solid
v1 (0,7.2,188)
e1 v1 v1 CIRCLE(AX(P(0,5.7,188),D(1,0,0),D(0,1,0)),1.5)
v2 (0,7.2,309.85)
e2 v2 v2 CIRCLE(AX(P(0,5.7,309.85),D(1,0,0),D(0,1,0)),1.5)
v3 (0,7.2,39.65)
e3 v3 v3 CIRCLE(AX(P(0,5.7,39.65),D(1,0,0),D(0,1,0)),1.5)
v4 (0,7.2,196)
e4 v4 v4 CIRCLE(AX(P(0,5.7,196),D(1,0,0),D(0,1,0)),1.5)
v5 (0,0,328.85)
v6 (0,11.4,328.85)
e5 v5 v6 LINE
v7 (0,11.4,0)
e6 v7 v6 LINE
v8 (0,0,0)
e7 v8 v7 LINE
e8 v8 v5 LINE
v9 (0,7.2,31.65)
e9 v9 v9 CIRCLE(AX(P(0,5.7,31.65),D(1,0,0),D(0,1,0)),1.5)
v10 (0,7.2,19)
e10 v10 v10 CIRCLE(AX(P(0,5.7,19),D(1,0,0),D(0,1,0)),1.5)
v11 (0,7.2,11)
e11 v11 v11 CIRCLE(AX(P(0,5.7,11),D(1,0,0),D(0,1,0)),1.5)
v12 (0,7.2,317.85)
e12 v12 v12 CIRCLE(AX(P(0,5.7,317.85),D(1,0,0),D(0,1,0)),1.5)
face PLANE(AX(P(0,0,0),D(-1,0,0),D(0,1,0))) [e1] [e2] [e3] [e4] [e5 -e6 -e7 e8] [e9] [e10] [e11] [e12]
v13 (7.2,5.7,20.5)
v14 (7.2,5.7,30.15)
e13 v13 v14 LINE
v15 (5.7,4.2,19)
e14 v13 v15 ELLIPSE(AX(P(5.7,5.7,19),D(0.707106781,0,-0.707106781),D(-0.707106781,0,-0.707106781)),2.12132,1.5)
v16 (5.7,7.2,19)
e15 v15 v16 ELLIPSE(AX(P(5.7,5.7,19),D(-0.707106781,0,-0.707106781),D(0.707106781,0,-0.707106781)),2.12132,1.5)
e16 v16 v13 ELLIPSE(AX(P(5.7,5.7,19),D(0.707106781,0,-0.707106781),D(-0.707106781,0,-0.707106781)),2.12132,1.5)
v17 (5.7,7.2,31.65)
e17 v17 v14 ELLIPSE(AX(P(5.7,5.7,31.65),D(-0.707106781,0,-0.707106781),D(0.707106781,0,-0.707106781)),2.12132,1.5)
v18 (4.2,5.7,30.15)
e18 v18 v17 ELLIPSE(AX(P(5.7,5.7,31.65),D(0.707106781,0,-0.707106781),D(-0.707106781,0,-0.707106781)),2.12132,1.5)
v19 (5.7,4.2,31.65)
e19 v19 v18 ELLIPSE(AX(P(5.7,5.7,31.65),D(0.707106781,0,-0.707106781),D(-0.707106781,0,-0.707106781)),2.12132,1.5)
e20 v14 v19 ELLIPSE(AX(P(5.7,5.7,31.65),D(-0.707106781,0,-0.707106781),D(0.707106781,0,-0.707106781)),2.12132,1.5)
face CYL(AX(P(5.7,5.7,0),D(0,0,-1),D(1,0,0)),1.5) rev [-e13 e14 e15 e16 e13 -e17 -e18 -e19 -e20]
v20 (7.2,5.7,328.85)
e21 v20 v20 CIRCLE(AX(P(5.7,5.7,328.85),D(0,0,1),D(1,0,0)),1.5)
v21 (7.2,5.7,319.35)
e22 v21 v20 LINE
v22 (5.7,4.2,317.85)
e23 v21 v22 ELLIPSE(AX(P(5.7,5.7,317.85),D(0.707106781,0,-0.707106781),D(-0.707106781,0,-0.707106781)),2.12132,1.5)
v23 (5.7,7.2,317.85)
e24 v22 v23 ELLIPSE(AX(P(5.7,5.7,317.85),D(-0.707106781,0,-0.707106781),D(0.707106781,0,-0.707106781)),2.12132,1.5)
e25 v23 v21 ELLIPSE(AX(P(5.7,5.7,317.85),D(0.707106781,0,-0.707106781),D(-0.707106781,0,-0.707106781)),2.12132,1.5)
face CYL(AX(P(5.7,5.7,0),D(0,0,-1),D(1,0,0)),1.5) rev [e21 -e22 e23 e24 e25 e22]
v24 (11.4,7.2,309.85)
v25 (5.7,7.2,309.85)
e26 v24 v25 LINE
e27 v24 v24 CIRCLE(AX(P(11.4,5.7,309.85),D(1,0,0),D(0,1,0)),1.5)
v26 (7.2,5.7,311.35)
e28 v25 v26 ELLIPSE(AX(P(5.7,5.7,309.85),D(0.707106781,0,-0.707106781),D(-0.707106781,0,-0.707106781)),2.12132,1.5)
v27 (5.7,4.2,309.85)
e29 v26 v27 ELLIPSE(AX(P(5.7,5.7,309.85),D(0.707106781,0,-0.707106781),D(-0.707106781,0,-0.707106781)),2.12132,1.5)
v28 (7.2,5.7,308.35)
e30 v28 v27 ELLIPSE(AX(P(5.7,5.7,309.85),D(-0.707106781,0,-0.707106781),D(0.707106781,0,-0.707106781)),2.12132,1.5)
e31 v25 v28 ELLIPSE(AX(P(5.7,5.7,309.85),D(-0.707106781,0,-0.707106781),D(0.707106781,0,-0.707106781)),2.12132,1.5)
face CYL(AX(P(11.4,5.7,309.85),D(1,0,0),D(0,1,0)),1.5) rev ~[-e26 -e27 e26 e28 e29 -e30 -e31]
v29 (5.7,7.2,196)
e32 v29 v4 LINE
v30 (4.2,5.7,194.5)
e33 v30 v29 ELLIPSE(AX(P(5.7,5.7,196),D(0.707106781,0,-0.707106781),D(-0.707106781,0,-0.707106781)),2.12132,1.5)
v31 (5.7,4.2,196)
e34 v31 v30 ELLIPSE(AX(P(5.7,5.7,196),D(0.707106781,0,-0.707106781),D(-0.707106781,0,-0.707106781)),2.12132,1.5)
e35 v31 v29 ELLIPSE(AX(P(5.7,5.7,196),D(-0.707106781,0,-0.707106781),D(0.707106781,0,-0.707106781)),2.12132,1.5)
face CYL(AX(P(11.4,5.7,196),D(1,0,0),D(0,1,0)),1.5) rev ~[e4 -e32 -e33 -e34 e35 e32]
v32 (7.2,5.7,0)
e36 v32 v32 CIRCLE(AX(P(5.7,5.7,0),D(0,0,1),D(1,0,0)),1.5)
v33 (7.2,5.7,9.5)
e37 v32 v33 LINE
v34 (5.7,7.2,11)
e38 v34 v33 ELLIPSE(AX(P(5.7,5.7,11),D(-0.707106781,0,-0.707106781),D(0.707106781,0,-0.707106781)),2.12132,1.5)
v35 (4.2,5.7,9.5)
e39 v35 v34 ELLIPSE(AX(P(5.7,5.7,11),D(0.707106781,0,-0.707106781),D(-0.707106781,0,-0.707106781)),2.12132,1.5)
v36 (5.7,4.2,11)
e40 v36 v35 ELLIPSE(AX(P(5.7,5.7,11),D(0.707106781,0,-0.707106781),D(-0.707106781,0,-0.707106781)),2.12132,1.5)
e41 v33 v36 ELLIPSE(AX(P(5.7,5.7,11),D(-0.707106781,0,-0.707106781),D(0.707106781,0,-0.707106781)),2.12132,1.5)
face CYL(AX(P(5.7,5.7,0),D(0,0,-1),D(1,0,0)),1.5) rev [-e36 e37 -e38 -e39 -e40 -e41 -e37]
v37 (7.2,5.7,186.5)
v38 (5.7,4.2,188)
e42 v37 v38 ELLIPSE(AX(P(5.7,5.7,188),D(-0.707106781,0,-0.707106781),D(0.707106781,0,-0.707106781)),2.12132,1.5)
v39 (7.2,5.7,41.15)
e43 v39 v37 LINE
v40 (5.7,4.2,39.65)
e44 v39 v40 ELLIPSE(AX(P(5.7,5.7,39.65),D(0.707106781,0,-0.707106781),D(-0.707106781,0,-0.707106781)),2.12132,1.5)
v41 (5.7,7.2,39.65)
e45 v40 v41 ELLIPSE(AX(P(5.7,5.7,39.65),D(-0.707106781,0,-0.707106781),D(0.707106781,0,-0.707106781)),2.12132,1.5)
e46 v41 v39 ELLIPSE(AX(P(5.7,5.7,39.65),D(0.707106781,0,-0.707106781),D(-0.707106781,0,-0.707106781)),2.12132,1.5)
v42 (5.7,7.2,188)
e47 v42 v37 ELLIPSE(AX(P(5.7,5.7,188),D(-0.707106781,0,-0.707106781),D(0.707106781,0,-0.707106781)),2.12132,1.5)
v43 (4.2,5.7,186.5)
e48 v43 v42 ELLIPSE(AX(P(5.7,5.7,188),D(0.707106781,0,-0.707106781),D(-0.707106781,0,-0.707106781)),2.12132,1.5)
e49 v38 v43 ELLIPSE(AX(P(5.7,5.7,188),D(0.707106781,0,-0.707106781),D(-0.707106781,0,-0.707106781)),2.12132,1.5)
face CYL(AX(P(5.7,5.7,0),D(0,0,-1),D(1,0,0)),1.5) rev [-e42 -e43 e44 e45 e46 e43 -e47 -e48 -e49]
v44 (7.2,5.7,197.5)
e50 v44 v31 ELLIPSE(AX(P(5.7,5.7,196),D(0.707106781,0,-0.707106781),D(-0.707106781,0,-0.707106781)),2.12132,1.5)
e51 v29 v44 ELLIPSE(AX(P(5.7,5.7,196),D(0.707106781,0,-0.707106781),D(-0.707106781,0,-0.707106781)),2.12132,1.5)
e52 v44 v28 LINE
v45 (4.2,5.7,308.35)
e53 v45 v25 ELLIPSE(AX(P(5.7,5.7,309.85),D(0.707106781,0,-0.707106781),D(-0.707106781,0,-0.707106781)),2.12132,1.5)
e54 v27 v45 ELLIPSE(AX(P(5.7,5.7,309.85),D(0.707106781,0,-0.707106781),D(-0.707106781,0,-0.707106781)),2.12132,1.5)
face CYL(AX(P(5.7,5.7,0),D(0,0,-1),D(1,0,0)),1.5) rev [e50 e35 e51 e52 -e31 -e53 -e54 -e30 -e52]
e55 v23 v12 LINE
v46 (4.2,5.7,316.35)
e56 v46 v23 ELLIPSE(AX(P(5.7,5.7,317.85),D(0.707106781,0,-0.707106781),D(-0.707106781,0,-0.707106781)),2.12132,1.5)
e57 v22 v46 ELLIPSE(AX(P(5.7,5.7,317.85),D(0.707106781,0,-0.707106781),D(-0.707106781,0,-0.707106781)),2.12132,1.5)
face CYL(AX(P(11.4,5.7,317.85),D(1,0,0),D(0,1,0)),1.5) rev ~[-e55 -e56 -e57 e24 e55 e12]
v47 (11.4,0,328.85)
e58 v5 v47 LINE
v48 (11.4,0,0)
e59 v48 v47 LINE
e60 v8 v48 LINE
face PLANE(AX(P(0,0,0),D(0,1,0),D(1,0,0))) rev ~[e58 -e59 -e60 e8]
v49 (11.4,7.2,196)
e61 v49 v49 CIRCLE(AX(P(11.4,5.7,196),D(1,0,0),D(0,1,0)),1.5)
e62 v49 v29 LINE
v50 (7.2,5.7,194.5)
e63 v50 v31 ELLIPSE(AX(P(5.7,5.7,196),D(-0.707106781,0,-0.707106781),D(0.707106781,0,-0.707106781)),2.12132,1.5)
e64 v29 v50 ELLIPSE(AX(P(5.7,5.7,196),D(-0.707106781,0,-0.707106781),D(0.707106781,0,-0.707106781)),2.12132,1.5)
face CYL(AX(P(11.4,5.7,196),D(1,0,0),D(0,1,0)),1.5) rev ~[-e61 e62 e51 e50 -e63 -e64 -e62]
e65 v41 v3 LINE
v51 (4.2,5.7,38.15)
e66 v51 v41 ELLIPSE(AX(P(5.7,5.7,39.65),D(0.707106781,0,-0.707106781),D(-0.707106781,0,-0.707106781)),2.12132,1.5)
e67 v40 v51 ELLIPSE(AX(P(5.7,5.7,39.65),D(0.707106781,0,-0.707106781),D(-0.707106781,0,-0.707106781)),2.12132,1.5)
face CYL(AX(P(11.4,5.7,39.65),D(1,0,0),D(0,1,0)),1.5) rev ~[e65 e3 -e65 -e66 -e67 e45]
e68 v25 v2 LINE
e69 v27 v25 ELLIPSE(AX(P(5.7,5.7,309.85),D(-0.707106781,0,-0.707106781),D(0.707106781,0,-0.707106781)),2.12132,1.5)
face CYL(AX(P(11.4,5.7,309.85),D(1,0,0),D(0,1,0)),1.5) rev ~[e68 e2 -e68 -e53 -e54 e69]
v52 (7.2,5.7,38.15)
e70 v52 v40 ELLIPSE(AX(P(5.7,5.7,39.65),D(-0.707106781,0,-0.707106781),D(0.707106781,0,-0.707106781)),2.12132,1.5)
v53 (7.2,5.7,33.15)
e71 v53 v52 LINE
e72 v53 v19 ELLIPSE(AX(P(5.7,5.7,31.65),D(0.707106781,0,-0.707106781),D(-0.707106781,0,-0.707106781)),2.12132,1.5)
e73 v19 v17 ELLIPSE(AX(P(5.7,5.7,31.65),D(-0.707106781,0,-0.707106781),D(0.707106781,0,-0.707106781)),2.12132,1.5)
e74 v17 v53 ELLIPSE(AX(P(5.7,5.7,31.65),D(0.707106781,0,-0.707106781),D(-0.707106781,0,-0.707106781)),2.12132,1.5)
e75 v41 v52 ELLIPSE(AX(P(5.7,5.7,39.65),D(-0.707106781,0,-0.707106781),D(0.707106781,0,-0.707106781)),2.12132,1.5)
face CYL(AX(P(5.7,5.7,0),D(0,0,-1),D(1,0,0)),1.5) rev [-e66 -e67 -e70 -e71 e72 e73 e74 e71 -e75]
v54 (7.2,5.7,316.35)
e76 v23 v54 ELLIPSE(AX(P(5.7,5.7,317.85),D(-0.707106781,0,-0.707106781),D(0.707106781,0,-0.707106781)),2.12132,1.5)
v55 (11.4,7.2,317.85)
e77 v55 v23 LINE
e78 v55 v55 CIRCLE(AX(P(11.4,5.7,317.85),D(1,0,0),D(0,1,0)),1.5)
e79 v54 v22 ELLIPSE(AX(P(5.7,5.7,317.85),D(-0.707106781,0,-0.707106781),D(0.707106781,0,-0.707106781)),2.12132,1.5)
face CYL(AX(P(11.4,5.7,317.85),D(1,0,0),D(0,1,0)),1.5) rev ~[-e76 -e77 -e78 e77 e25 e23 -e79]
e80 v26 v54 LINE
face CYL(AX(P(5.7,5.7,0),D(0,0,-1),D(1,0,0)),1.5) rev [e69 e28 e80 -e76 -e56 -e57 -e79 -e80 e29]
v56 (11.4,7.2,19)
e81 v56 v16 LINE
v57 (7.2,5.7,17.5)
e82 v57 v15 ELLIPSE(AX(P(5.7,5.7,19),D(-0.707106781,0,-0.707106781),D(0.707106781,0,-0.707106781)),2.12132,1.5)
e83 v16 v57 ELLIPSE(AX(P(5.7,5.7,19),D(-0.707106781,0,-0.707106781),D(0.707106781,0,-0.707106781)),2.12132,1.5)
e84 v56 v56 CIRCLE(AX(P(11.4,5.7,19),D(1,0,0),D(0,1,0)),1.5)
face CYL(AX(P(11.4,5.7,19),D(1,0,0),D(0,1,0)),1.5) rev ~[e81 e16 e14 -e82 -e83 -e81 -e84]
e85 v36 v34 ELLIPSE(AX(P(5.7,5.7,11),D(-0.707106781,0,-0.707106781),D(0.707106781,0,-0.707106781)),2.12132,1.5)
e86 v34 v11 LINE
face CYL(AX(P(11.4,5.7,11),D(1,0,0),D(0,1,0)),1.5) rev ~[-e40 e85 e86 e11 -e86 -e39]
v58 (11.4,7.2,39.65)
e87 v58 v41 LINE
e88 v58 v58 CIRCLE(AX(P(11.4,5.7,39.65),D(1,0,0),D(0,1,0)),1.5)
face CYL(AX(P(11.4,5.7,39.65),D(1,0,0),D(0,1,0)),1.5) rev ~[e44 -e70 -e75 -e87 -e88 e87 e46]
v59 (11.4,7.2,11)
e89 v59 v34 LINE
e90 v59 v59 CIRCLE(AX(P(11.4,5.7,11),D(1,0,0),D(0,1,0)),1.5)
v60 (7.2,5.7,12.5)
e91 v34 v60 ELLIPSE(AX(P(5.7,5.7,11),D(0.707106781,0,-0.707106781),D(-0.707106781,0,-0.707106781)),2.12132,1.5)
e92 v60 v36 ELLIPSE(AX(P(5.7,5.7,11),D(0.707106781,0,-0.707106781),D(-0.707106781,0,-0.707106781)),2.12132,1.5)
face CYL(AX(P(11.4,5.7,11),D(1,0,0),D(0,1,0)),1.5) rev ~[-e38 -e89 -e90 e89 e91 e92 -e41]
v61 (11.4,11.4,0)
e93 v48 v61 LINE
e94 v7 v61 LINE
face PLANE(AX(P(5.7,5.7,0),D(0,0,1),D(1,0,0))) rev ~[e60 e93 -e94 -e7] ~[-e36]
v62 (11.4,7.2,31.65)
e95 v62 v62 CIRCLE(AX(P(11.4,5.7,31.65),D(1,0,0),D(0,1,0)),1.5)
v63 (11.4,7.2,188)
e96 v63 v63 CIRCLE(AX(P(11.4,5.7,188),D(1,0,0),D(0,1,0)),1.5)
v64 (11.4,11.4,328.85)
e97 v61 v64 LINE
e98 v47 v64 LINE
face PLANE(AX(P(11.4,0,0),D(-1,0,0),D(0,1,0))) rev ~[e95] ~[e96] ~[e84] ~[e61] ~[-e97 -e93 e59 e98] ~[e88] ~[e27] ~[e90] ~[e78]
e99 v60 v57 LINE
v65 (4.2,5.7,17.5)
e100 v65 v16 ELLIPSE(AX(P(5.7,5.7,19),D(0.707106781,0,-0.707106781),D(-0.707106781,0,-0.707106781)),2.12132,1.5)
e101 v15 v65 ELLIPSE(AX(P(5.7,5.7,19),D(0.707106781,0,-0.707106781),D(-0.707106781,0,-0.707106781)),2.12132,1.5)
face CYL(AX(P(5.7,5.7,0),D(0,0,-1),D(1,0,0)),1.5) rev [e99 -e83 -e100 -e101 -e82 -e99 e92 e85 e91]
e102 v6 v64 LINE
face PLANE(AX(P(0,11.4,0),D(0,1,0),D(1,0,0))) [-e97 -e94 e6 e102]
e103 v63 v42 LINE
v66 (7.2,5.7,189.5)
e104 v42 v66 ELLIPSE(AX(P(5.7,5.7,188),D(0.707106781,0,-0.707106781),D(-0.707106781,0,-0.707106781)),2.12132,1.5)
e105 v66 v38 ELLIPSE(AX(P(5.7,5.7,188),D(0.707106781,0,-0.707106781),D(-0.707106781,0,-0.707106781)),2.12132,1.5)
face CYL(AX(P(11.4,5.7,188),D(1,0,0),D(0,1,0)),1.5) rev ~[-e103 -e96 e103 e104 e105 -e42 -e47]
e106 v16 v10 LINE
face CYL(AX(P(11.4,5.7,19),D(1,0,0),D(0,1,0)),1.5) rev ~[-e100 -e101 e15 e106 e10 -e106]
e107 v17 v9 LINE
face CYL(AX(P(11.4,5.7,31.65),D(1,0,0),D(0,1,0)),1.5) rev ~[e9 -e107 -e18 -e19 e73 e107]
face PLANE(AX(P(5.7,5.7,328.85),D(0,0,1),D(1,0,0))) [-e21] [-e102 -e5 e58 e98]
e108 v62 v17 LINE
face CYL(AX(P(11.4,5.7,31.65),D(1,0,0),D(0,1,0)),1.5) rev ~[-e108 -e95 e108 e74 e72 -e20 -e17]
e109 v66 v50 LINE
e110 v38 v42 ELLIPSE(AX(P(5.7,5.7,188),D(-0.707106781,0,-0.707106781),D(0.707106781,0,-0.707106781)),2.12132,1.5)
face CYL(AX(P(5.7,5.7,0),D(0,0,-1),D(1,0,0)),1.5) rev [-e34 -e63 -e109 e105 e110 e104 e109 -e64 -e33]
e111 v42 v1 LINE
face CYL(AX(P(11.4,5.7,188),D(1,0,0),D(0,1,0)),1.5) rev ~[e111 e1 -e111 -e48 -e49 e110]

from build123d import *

# Parameters (mm, degrees)
SKETCH_W     = 11.4
SKETCH_H     = 11.4
SKETCH_R     = 1.5
PAD_DEPTH    = 328.85
SKETCH001_R  = 1.5
POCKET_DEPTH = 11.401


with BuildPart() as part:
    # Sketch → Pad (new body)
    with BuildSketch(Plane.XY):
        with Locations((5.7, 5.7)):
            Rectangle(SKETCH_W, SKETCH_H)
        with Locations((5.7, 5.7)):
            Circle(SKETCH_R, mode=Mode.SUBTRACT)
    extrude(amount=PAD_DEPTH)

    # Sketch001 → Pocket (cut, through all)
    with BuildSketch(Plane.YZ.offset(11.4)):
        with Locations((5.7, 39.65)):
            Circle(SKETCH001_R)
        with Locations((5.7, 31.65)):
            Circle(SKETCH001_R)
        with Locations((5.7, 19)):
            Circle(SKETCH001_R)
        with Locations((5.7, 11)):
            Circle(SKETCH001_R)
        with Locations((5.7, 196)):
            Circle(SKETCH001_R)
        with Locations((5.7, 188)):
            Circle(SKETCH001_R)
        with Locations((5.7, 317.85)):
            Circle(SKETCH001_R)
        with Locations((5.7, 309.85)):
            Circle(SKETCH001_R)
    extrude(amount=-POCKET_DEPTH, mode=Mode.SUBTRACT)


solid = part.part
